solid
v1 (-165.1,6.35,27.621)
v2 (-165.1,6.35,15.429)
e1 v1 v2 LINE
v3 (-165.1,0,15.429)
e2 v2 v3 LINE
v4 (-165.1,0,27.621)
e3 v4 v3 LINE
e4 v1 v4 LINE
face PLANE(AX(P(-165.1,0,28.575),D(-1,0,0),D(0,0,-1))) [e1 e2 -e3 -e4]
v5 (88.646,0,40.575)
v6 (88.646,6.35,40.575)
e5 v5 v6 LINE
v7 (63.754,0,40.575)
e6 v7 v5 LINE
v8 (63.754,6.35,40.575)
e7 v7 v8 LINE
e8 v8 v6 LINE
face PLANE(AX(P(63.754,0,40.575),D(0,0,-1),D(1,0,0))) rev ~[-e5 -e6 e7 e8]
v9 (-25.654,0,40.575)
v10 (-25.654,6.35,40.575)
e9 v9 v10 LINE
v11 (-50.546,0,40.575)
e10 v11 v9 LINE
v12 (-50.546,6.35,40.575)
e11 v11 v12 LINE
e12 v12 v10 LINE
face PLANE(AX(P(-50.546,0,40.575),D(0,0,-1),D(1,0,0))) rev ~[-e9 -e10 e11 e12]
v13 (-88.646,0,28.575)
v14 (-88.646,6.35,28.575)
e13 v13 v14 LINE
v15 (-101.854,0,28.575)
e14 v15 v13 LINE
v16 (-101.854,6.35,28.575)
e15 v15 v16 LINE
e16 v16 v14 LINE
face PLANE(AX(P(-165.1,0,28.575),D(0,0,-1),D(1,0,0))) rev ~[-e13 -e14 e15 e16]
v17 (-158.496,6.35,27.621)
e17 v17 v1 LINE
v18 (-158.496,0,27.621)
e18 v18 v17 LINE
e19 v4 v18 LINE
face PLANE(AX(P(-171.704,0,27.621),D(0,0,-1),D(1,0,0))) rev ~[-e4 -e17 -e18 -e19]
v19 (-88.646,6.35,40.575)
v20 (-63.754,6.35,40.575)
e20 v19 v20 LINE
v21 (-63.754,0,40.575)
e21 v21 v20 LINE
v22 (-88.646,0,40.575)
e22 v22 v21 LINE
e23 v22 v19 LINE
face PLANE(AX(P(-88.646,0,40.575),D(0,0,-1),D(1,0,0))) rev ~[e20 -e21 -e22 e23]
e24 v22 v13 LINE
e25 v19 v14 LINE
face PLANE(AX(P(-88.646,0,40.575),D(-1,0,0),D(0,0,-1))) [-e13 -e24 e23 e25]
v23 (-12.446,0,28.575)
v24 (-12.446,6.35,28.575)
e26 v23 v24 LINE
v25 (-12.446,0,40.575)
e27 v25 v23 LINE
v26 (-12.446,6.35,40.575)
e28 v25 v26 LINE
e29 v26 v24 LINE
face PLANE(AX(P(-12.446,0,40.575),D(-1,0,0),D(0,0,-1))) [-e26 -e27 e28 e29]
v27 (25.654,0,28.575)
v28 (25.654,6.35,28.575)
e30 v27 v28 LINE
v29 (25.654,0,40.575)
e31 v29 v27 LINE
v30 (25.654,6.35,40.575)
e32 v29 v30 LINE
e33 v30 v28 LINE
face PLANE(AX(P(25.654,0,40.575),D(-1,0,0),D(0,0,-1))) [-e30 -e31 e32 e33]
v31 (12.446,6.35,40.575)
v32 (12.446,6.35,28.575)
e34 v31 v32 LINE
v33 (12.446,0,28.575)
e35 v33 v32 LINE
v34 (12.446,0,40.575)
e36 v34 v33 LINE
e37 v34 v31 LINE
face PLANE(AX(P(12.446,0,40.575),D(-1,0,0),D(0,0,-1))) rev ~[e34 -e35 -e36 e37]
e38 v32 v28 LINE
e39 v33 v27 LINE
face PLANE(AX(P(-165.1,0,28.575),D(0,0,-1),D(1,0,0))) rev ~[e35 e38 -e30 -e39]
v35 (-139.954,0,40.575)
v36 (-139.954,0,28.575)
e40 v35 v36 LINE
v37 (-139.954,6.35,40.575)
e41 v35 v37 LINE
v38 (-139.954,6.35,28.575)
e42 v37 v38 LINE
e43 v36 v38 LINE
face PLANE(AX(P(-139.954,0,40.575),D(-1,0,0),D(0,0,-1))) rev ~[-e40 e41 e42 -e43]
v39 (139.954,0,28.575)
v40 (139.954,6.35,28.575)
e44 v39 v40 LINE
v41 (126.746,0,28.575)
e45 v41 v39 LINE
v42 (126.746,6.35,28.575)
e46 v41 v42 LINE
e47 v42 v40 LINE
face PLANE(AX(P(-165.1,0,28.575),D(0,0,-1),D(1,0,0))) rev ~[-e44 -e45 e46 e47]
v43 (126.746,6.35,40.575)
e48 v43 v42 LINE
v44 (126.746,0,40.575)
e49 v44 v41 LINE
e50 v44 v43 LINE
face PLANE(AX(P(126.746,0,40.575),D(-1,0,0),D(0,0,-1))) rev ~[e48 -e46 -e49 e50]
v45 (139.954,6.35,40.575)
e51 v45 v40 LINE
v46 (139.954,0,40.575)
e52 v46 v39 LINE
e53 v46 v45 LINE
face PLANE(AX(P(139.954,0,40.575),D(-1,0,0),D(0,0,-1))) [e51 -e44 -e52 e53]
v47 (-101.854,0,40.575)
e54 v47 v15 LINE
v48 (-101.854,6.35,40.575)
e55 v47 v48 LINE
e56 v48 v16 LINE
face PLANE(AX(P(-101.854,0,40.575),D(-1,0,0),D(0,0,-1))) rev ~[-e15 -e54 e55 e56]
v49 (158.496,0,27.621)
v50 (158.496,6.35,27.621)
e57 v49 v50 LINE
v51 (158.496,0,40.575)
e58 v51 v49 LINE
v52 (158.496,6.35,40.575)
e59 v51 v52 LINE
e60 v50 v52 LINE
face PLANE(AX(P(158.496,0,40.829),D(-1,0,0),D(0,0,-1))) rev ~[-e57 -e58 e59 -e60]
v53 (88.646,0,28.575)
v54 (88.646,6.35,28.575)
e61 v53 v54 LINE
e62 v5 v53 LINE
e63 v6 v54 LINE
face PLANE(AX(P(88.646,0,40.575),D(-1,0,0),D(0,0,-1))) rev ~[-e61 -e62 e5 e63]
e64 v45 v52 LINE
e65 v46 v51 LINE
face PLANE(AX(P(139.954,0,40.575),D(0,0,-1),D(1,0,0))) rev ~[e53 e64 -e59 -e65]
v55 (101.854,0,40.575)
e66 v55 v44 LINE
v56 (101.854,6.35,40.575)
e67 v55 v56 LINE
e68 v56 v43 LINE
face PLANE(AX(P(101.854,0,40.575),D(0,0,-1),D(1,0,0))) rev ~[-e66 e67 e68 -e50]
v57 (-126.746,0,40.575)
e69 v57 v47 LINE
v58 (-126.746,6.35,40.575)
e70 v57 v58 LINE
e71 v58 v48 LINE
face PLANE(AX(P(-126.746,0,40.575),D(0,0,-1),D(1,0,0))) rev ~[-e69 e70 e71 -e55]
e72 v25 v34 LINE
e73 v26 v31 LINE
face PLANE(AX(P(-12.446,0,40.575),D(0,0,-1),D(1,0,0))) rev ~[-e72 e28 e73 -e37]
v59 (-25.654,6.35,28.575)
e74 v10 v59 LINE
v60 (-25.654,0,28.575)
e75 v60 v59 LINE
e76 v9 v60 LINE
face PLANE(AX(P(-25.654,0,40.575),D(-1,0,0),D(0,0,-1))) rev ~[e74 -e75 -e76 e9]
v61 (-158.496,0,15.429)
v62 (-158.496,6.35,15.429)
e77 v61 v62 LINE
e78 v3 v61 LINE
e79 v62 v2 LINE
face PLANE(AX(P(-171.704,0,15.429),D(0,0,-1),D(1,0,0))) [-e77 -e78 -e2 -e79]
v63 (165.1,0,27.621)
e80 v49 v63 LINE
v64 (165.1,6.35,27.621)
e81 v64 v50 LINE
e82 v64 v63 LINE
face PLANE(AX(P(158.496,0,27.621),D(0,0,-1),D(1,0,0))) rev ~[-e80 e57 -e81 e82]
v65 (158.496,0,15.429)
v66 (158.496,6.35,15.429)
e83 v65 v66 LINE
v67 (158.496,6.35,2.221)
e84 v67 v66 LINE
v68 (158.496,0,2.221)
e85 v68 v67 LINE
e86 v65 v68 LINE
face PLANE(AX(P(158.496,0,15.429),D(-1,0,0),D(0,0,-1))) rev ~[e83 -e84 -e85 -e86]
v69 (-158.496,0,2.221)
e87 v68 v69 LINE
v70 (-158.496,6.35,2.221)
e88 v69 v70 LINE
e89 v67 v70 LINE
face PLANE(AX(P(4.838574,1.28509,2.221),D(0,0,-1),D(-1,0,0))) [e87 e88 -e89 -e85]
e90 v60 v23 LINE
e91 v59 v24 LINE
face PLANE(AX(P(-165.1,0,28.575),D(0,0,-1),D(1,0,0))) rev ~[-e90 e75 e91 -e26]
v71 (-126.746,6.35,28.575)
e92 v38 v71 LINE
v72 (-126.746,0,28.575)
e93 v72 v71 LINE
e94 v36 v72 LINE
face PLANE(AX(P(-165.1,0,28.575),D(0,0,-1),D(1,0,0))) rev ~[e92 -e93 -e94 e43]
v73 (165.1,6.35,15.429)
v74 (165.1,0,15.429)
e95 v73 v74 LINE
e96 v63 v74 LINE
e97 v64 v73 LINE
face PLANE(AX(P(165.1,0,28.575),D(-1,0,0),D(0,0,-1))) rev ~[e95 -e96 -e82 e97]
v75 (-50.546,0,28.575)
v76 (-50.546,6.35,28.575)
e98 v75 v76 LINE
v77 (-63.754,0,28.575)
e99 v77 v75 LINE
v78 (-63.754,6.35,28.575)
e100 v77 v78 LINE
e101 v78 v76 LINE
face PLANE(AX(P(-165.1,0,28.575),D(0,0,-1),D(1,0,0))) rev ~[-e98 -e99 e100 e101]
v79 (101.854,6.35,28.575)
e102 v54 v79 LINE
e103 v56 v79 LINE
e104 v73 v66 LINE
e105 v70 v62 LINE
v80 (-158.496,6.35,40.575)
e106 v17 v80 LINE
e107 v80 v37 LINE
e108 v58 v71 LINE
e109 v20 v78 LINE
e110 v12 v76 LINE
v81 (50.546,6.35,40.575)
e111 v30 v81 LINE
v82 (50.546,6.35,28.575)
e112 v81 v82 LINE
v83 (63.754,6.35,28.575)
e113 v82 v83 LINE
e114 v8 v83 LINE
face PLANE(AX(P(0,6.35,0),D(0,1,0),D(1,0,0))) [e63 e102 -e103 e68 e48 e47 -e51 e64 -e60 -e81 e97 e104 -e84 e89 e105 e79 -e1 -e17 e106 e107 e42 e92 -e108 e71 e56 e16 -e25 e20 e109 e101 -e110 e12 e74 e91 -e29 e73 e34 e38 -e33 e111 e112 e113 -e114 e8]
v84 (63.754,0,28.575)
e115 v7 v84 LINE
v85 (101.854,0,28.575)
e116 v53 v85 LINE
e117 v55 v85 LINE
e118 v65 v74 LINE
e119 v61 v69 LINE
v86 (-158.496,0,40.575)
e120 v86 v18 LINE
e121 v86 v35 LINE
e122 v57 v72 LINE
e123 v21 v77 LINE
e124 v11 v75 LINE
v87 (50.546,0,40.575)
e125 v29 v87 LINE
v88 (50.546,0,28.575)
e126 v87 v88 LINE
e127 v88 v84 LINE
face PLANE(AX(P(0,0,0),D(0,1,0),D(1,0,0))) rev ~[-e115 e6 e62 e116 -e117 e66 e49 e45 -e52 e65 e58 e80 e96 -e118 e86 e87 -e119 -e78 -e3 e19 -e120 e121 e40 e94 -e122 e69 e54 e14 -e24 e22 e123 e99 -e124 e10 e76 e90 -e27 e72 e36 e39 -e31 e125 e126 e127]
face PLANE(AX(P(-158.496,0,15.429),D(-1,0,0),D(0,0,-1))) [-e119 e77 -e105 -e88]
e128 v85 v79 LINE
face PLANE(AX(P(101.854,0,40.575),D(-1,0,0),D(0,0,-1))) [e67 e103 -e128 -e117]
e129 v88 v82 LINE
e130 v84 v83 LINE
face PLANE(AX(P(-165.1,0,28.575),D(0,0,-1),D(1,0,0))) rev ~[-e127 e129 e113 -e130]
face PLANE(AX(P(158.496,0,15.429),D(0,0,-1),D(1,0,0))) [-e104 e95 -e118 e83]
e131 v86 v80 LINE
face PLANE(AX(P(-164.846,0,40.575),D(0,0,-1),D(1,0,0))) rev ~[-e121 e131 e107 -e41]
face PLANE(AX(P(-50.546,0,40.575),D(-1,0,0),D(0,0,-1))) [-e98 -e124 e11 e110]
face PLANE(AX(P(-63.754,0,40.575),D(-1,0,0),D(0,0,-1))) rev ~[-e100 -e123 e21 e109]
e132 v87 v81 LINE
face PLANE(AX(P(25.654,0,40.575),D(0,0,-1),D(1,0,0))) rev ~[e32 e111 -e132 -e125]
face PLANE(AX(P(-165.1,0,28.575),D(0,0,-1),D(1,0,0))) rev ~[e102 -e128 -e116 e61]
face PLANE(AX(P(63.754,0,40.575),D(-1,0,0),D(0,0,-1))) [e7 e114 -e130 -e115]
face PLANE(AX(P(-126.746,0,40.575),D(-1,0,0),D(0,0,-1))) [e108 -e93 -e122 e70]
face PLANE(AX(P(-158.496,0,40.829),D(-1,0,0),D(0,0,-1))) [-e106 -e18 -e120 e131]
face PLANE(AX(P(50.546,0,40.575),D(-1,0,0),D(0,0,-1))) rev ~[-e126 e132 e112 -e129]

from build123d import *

# Parameters (mm, degrees)
SKETCH1_W           = 330.2
SKETCH1_H           = 57.15
BOSS_EXTRUDE1_DEPTH = 6.35
SKETCH3_W           = 24.892
SKETCH3_H           = 12
BOSS_EXTRUDE2_DEPTH = 6.35
SKETCH4_W           = 13.208
SKETCH4_H           = 13.208
CUT_EXTRUDE2_DEPTH  = 171.131311419
SKETCH5_W           = 365.344823274
SKETCH5_H           = 36.987593387
CUT_EXTRUDE3_DEPTH  = 30.796


with BuildPart() as part:
    # Sketch1 → Boss-Extrude1 (new body)
    with BuildSketch(Plane(origin=(0, 0, 0), x_dir=(1, 0, 0), z_dir=(0, 1, 0))):
        Rectangle(SKETCH1_W, SKETCH1_H)
    extrude(amount=BOSS_EXTRUDE1_DEPTH)

    # Sketch3 → Boss-Extrude2 (add)
    with BuildSketch(Plane(origin=(0, 0, 0), x_dir=(1, 0, 0), z_dir=(0, 1, 0))):
        with Locations((-114.3, -34.575)):
            Rectangle(SKETCH3_W, SKETCH3_H)
        with Locations((-76.2, -34.575)):
            Rectangle(SKETCH3_W, SKETCH3_H)
        with Locations((-38.1, -34.575)):
            Rectangle(SKETCH3_W, SKETCH3_H)
        with Locations((0, -34.575)):
            Rectangle(SKETCH3_W, SKETCH3_H)
        with Locations((38.1, -34.575)):
            Rectangle(SKETCH3_W, SKETCH3_H)
        with Locations((76.2, -34.575)):
            Rectangle(SKETCH3_W, SKETCH3_H)
        with Locations((114.3, -34.575)):
            Rectangle(SKETCH3_W, SKETCH3_H)
        with Locations((152.4, -34.575)):
            Rectangle(SKETCH3_W, SKETCH3_H)
        with Locations((-152.4, -34.575)):
            Rectangle(SKETCH3_W, SKETCH3_H)
    extrude(amount=BOSS_EXTRUDE2_DEPTH)

    # Sketch4 → Cut-Extrude2 (cut, through all)
    with BuildSketch(Plane(origin=(0, 0, 0), x_dir=(1, 0, 0), z_dir=(0, 1, 0))):
        with Locations((165.1, 16.575)):
            Rectangle(SKETCH4_W, SKETCH4_H)
        with Locations((-165.1, -34.225)):
            Rectangle(SKETCH4_W, SKETCH4_H)
        with Locations((165.1, -8.825)):
            Rectangle(SKETCH4_W, SKETCH4_H)
        with Locations((165.1, -34.225)):
            Rectangle(SKETCH4_W, SKETCH4_H)
        with Locations((-165.1, -8.825)):
            Rectangle(SKETCH4_W, SKETCH4_H)
        with Locations((-165.1, 16.575)):
            Rectangle(SKETCH4_W, SKETCH4_H)
    extrude(amount=CUT_EXTRUDE2_DEPTH, mode=Mode.SUBTRACT)

    # Sketch5 → Cut-Extrude3 (cut)
    with BuildSketch(Plane(origin=(0, 0, -28.575), x_dir=(-1, 0, 0), z_dir=(0, 0, -1))):
        with Locations((-4.838573854, 1.285089719)):
            Rectangle(SKETCH5_W, SKETCH5_H)
    extrude(amount=-CUT_EXTRUDE3_DEPTH, mode=Mode.SUBTRACT)


solid = part.part
